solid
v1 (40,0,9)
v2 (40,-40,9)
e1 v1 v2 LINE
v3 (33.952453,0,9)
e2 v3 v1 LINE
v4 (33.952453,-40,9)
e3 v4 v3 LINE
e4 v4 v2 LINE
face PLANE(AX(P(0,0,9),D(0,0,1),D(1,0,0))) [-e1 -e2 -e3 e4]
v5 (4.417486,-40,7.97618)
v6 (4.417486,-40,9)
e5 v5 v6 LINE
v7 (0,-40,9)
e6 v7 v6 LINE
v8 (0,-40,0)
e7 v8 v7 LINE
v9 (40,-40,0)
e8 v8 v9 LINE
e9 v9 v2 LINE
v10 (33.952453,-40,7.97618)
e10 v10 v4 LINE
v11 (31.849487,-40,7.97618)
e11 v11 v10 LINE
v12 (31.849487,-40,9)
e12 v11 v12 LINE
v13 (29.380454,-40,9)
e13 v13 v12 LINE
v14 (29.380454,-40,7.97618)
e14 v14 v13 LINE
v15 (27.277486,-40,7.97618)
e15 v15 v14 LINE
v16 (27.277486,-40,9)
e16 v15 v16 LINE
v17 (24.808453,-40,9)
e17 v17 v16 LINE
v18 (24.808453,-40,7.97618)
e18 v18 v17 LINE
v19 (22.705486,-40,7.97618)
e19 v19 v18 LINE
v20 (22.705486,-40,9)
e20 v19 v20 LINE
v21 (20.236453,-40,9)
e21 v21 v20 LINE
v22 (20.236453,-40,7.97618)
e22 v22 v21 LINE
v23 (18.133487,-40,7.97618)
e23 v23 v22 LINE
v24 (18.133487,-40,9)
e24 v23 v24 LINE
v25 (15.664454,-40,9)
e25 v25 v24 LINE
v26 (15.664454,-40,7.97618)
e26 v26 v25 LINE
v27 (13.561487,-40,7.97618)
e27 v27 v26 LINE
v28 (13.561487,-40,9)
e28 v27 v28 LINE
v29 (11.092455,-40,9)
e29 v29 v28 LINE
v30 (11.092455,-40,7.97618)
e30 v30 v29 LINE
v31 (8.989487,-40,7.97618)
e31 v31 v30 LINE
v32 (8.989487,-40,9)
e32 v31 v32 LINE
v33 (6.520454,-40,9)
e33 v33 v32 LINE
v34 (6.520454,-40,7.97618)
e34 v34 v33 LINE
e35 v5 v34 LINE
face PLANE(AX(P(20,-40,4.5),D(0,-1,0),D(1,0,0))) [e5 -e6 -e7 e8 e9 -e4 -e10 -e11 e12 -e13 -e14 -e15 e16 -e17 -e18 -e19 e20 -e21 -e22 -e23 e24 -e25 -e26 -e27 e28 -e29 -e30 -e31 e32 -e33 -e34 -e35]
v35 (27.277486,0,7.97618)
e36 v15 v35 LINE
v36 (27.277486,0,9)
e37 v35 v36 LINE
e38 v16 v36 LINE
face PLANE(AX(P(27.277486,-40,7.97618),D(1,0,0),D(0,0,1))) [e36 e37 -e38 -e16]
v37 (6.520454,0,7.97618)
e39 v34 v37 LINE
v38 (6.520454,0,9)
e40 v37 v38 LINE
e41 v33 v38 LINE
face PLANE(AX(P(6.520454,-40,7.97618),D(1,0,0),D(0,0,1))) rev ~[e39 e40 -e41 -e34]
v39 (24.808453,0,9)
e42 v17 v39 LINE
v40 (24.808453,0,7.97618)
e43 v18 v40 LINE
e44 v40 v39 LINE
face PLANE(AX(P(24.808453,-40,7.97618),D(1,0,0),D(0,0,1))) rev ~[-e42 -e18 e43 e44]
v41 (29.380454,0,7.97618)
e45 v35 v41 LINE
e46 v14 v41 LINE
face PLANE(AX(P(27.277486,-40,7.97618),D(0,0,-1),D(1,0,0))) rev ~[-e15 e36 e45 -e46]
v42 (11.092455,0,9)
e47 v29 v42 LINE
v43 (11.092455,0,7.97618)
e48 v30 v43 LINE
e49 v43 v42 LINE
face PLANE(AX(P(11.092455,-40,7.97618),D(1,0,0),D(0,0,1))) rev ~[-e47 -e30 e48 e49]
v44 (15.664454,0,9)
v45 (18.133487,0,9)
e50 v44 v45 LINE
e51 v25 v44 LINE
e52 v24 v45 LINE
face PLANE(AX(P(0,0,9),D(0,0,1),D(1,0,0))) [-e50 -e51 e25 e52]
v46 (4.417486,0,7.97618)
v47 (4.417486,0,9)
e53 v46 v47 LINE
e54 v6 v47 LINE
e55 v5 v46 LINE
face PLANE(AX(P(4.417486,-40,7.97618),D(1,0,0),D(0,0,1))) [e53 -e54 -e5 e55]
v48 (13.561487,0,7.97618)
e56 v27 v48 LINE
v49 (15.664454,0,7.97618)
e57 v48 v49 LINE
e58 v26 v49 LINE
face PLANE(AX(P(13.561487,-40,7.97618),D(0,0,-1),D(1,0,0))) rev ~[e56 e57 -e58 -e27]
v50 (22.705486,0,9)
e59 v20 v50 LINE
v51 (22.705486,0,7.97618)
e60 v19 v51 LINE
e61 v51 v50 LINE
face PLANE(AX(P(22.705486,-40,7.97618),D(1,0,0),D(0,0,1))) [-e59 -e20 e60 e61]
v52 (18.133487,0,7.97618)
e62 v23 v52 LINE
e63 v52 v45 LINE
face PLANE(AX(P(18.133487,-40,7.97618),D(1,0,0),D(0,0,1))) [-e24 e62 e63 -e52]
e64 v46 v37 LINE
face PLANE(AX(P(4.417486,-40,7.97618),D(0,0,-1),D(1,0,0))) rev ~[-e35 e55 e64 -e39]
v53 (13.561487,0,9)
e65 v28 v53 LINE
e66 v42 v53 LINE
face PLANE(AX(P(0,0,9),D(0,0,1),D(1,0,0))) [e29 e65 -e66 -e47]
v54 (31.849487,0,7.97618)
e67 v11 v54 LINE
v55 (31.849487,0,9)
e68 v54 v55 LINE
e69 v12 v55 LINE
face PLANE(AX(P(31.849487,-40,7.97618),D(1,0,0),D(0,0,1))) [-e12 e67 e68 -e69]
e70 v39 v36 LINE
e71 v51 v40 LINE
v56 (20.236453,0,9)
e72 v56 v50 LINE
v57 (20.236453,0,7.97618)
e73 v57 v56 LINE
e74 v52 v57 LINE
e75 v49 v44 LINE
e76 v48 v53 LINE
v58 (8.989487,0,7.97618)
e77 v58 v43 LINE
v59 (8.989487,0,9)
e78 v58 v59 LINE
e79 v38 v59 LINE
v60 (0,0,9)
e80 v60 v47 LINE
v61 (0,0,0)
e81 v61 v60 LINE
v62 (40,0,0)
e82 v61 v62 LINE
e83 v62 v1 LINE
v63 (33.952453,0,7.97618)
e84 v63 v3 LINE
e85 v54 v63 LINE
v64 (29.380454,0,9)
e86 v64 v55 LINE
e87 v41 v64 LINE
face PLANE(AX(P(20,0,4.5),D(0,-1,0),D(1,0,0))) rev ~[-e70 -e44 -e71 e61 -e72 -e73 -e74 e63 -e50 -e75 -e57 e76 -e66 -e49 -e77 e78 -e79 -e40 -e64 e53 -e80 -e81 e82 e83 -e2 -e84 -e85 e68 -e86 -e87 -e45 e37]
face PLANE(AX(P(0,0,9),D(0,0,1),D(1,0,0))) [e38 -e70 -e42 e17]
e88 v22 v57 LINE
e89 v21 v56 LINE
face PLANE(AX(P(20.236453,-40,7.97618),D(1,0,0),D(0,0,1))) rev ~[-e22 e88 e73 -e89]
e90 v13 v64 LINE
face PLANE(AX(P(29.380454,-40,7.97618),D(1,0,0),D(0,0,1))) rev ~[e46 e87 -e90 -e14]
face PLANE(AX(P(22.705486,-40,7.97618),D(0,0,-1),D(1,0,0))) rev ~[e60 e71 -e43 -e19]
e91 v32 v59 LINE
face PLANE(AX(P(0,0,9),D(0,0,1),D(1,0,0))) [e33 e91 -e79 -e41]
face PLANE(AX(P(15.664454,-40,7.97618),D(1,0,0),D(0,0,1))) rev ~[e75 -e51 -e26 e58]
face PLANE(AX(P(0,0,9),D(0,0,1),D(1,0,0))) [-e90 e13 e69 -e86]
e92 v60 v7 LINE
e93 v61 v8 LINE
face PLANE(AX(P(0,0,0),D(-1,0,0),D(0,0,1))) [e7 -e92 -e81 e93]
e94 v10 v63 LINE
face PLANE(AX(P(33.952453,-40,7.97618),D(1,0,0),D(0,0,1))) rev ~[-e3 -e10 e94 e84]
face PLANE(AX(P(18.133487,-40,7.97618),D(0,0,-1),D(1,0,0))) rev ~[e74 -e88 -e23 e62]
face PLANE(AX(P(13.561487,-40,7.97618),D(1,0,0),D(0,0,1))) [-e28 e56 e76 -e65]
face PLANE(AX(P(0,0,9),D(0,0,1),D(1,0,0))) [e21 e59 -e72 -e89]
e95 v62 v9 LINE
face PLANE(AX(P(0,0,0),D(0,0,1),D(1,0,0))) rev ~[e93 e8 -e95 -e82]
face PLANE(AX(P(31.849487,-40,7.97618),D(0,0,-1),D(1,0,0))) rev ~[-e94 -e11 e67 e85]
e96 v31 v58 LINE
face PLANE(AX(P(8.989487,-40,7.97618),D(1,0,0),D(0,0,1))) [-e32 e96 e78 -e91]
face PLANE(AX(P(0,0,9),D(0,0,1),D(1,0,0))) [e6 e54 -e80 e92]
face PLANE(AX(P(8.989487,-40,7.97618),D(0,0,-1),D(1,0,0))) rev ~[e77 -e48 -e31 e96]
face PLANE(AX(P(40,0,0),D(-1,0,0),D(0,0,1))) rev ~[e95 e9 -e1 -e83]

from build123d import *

# Parameters (mm, degrees)
F0_W     = 40
F0_H     = 9
F1_DEPTH = 40
F2_W     = 2.102967
F2_H     = 1.02382
F3_DEPTH = 40.001


with BuildPart() as f1:
    # F0 (on Front) → F1 (new body)
    with BuildSketch(Plane.XZ):
        with Locations((20, 4.5)):
            Rectangle(F0_W, F0_H)
    extrude(amount=F1_DEPTH)

    # F2 (on face) → F3 (cut, through all)
    with BuildSketch(Plane.XZ.offset(40)):
        with Locations((5.46897, 8.48809)):
            Rectangle(F2_W, F2_H)
        with Locations((10.040971, 8.48809)):
            Rectangle(F2_W, F2_H)
        with Locations((14.61297, 8.48809)):
            Rectangle(F2_W, F2_H)
        with Locations((19.18497, 8.48809)):
            Rectangle(F2_W, F2_H)
        with Locations((23.75697, 8.48809)):
            Rectangle(F2_W, F2_H)
        with Locations((28.32897, 8.48809)):
            Rectangle(F2_W, F2_H)
        with Locations((32.90097, 8.48809)):
            Rectangle(F2_W, F2_H)
    extrude(amount=-F3_DEPTH, mode=Mode.SUBTRACT)


solid = f1.part
